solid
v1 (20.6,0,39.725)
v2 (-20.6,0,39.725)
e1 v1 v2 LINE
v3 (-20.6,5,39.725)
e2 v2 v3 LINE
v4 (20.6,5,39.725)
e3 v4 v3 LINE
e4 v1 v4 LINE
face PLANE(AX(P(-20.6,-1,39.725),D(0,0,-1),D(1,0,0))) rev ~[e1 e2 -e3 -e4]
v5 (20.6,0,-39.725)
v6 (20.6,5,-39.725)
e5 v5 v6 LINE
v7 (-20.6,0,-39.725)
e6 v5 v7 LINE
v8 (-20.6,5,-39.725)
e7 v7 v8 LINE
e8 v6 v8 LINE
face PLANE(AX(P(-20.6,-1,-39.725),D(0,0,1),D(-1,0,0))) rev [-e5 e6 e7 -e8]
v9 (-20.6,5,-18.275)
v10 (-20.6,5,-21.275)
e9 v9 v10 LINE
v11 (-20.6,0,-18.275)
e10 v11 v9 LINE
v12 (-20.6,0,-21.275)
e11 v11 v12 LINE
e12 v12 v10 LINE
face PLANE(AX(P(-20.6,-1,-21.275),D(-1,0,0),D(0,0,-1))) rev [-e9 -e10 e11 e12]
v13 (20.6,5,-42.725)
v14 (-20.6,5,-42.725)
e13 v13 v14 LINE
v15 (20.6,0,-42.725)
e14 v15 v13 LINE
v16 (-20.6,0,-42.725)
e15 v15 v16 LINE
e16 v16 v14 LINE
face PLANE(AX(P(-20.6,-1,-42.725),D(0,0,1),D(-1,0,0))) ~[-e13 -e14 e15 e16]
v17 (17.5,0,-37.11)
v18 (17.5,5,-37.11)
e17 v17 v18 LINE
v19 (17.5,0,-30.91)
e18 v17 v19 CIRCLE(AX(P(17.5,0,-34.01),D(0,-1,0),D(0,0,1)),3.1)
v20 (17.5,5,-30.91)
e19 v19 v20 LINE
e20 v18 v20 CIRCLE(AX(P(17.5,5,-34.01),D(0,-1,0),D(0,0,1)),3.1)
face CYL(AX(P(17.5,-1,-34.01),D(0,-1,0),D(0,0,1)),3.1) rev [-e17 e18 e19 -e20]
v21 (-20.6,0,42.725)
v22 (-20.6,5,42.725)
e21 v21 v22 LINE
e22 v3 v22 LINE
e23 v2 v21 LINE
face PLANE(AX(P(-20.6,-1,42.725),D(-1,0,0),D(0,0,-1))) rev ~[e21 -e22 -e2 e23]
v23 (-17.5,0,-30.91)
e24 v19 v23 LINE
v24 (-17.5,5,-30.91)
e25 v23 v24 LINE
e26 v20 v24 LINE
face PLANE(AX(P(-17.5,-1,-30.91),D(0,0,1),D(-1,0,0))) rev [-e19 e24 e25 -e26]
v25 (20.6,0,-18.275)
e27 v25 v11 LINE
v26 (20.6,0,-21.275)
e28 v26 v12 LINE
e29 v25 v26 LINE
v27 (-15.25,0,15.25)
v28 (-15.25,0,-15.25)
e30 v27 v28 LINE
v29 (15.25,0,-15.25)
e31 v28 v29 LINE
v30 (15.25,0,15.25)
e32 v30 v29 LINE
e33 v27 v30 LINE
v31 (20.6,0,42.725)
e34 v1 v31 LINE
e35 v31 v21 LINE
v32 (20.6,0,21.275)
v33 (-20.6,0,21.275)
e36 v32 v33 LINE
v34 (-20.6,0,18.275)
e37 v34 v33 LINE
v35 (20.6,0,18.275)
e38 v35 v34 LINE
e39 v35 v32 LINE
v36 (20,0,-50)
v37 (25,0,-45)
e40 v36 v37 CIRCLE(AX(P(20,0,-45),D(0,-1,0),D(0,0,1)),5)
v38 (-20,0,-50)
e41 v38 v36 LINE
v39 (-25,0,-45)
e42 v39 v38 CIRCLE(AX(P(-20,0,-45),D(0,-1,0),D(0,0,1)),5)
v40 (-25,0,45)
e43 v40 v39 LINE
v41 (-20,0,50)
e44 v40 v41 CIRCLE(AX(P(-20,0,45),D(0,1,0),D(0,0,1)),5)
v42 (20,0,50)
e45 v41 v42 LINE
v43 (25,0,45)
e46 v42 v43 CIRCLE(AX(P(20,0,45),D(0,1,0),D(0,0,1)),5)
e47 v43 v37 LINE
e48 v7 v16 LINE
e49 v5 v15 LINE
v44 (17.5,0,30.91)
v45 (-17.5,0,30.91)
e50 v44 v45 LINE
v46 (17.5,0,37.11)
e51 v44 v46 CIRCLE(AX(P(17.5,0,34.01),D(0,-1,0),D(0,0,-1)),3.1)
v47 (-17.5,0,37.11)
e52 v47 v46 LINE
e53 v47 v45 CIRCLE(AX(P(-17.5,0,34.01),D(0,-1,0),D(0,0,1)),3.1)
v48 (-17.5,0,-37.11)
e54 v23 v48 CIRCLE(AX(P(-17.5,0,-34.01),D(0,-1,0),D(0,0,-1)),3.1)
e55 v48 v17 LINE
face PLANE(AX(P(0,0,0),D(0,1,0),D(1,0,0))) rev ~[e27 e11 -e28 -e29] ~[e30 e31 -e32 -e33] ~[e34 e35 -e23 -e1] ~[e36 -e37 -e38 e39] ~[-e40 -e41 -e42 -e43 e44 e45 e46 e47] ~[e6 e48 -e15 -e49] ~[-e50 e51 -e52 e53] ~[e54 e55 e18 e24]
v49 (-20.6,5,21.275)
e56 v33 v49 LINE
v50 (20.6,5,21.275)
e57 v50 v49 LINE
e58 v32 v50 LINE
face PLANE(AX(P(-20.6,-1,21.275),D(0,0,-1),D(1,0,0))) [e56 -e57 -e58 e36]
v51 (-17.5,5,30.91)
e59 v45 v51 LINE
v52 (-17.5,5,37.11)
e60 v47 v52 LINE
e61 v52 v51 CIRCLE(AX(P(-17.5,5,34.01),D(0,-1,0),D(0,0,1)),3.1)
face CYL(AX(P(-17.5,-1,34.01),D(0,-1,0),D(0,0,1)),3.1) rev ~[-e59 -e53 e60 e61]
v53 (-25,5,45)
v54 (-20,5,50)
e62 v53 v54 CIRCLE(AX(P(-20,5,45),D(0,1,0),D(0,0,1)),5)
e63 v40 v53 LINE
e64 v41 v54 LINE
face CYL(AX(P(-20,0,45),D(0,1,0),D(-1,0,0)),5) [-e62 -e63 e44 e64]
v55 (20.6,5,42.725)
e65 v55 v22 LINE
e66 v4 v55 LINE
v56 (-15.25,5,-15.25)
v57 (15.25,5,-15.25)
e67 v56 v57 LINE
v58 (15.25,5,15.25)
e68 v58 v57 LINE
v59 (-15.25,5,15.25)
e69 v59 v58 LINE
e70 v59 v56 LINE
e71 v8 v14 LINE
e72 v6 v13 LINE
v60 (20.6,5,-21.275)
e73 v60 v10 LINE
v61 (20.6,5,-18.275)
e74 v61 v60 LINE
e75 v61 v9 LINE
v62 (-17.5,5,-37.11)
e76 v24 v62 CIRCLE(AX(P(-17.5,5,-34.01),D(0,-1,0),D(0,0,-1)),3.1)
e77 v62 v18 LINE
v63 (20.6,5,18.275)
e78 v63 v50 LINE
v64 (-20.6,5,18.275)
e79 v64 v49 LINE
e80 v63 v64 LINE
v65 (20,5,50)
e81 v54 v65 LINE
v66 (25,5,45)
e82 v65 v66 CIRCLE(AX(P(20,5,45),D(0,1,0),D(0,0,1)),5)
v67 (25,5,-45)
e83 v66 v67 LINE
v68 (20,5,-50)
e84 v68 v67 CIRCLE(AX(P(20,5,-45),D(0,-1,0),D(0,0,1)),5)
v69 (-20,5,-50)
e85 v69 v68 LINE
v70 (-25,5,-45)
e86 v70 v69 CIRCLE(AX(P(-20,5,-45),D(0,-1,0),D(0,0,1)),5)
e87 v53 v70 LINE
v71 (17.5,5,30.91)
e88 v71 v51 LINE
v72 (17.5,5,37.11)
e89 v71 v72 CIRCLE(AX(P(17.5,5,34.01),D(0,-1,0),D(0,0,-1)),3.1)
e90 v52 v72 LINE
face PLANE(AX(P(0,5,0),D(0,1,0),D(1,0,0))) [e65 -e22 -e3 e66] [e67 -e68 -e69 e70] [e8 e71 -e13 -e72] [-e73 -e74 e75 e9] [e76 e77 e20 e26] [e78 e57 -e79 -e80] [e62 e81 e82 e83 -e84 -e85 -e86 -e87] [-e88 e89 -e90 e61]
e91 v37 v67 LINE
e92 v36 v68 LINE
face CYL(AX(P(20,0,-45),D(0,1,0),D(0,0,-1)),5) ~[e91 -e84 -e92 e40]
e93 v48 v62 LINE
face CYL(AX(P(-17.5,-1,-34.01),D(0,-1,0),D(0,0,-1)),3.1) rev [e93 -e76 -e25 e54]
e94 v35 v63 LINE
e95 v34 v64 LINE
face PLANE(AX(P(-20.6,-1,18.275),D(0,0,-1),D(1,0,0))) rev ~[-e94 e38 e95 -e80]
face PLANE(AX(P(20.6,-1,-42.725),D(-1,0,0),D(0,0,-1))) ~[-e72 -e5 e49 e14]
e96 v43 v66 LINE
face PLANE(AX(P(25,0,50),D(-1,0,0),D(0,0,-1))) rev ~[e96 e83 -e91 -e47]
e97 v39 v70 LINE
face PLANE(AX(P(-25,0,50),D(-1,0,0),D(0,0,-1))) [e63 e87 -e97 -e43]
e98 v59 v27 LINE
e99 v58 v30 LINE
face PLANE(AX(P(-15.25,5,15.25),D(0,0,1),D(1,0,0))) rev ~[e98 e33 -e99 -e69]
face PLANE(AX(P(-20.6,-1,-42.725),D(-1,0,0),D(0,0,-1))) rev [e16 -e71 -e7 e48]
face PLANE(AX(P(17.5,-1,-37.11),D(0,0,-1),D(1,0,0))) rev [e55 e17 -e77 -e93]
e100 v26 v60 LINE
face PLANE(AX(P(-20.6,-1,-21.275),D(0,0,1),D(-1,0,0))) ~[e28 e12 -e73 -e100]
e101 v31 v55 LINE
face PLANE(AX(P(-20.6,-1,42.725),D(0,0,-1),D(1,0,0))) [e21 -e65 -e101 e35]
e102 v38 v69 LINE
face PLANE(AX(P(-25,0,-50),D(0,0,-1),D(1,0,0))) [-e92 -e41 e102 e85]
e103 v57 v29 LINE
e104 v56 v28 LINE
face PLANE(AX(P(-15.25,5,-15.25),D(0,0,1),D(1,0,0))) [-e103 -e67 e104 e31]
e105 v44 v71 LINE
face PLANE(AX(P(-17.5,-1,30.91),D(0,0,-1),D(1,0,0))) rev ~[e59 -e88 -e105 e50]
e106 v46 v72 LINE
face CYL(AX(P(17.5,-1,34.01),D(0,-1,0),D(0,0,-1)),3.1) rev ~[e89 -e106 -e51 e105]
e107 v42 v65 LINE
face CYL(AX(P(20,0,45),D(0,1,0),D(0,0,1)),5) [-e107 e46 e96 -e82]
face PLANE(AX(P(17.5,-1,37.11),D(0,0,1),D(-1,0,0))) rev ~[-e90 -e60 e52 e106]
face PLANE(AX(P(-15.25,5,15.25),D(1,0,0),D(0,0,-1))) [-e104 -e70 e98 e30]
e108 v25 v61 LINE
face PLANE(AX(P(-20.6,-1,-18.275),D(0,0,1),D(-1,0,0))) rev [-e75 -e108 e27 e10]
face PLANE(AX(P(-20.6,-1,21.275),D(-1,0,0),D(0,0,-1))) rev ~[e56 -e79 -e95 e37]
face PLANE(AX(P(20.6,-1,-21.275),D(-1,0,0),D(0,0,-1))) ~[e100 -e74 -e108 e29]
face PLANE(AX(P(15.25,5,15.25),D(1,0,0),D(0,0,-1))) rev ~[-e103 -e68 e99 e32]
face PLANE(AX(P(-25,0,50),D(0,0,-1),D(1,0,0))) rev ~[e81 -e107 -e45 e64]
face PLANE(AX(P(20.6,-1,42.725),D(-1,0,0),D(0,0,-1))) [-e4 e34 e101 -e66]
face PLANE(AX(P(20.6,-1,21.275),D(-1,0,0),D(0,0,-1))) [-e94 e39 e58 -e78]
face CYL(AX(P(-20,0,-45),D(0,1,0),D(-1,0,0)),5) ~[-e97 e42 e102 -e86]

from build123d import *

# Parameters (mm, degrees)
SKETCH1_W           = 50
SKETCH1_H           = 100
BOSS_EXTRUDE1_DEPTH = 5
CUT_EXTRUDE1_START  = -6
CUT_EXTRUDE1_DEPTH  = 7
FILLET1_R           = 5
SKETCH3_W           = 30.5
SKETCH3_H           = 30.5
CUT_EXTRUDE2_DEPTH  = 6
CUT_EXTRUDE3_START  = -6
SKETCH4_W           = 41.2
SKETCH4_H           = 3
CUT_EXTRUDE3_DEPTH  = 7


with BuildPart() as part:
    # Sketch1 → Boss-Extrude1 (new body)
    with BuildSketch(Plane(origin=(0, 0, 0), x_dir=(1, 0, 0), z_dir=(0, 1, 0))):
        Rectangle(SKETCH1_W, SKETCH1_H)
    extrude(amount=BOSS_EXTRUDE1_DEPTH)

    # Sketch2 → Cut-Extrude1 (cut)
    with BuildSketch(Plane(origin=(0, 5, 0), x_dir=(1, 0, 0), z_dir=(0, 1, 0)).offset(CUT_EXTRUDE1_START)):
        with BuildLine():
            Line((-17.5, -30.91), (17.5, -30.91))
            ThreePointArc((17.5, -30.91), (20.6, -34.01), (17.5, -37.11))
            Line((17.5, -37.11), (-17.5, -37.11))
            ThreePointArc((-17.5, -37.11), (-20.6, -34.01), (-17.5, -30.91))
        make_face()
    cut_extrude1 = extrude(amount=CUT_EXTRUDE1_DEPTH, mode=Mode.SUBTRACT)

    # Mirror1: Cut-Extrude1 across plane
    add(cut_extrude1.mirror(Plane.XY), mode=Mode.SUBTRACT)

    # Fillet1
    fillet1_edges = [part.edges().sort_by_distance(p)[0] for p in [
        (25, 2.5, 50),
        (-25, 2.5, 50),
        (-25, 2.5, -50),
        (25, 2.5, -50),
    ]]
    fillet(fillet1_edges, radius=FILLET1_R)

    # Sketch3 → Cut-Extrude2 (cut, through all)
    with BuildSketch(Plane(origin=(0, 5, 0), x_dir=(1, 0, 0), z_dir=(0, 1, 0))):
        Rectangle(SKETCH3_W, SKETCH3_H)
    extrude(amount=-CUT_EXTRUDE2_DEPTH, mode=Mode.SUBTRACT)

    # Sketch4 → Cut-Extrude3 (cut)
    with BuildSketch(Plane(origin=(0, 5, 0), x_dir=(1, 0, 0), z_dir=(0, 1, 0)).offset(CUT_EXTRUDE3_START)):
        with Locations((0, -19.775)):
            Rectangle(SKETCH4_W, SKETCH4_H)
        with Locations((0, -41.225)):
            Rectangle(SKETCH4_W, SKETCH4_H)
    cut_extrude3 = extrude(amount=CUT_EXTRUDE3_DEPTH, mode=Mode.SUBTRACT)

    # Mirror2: Cut-Extrude3 across plane
    add(cut_extrude3.mirror(Plane.XY), mode=Mode.SUBTRACT)


solid = part.part
